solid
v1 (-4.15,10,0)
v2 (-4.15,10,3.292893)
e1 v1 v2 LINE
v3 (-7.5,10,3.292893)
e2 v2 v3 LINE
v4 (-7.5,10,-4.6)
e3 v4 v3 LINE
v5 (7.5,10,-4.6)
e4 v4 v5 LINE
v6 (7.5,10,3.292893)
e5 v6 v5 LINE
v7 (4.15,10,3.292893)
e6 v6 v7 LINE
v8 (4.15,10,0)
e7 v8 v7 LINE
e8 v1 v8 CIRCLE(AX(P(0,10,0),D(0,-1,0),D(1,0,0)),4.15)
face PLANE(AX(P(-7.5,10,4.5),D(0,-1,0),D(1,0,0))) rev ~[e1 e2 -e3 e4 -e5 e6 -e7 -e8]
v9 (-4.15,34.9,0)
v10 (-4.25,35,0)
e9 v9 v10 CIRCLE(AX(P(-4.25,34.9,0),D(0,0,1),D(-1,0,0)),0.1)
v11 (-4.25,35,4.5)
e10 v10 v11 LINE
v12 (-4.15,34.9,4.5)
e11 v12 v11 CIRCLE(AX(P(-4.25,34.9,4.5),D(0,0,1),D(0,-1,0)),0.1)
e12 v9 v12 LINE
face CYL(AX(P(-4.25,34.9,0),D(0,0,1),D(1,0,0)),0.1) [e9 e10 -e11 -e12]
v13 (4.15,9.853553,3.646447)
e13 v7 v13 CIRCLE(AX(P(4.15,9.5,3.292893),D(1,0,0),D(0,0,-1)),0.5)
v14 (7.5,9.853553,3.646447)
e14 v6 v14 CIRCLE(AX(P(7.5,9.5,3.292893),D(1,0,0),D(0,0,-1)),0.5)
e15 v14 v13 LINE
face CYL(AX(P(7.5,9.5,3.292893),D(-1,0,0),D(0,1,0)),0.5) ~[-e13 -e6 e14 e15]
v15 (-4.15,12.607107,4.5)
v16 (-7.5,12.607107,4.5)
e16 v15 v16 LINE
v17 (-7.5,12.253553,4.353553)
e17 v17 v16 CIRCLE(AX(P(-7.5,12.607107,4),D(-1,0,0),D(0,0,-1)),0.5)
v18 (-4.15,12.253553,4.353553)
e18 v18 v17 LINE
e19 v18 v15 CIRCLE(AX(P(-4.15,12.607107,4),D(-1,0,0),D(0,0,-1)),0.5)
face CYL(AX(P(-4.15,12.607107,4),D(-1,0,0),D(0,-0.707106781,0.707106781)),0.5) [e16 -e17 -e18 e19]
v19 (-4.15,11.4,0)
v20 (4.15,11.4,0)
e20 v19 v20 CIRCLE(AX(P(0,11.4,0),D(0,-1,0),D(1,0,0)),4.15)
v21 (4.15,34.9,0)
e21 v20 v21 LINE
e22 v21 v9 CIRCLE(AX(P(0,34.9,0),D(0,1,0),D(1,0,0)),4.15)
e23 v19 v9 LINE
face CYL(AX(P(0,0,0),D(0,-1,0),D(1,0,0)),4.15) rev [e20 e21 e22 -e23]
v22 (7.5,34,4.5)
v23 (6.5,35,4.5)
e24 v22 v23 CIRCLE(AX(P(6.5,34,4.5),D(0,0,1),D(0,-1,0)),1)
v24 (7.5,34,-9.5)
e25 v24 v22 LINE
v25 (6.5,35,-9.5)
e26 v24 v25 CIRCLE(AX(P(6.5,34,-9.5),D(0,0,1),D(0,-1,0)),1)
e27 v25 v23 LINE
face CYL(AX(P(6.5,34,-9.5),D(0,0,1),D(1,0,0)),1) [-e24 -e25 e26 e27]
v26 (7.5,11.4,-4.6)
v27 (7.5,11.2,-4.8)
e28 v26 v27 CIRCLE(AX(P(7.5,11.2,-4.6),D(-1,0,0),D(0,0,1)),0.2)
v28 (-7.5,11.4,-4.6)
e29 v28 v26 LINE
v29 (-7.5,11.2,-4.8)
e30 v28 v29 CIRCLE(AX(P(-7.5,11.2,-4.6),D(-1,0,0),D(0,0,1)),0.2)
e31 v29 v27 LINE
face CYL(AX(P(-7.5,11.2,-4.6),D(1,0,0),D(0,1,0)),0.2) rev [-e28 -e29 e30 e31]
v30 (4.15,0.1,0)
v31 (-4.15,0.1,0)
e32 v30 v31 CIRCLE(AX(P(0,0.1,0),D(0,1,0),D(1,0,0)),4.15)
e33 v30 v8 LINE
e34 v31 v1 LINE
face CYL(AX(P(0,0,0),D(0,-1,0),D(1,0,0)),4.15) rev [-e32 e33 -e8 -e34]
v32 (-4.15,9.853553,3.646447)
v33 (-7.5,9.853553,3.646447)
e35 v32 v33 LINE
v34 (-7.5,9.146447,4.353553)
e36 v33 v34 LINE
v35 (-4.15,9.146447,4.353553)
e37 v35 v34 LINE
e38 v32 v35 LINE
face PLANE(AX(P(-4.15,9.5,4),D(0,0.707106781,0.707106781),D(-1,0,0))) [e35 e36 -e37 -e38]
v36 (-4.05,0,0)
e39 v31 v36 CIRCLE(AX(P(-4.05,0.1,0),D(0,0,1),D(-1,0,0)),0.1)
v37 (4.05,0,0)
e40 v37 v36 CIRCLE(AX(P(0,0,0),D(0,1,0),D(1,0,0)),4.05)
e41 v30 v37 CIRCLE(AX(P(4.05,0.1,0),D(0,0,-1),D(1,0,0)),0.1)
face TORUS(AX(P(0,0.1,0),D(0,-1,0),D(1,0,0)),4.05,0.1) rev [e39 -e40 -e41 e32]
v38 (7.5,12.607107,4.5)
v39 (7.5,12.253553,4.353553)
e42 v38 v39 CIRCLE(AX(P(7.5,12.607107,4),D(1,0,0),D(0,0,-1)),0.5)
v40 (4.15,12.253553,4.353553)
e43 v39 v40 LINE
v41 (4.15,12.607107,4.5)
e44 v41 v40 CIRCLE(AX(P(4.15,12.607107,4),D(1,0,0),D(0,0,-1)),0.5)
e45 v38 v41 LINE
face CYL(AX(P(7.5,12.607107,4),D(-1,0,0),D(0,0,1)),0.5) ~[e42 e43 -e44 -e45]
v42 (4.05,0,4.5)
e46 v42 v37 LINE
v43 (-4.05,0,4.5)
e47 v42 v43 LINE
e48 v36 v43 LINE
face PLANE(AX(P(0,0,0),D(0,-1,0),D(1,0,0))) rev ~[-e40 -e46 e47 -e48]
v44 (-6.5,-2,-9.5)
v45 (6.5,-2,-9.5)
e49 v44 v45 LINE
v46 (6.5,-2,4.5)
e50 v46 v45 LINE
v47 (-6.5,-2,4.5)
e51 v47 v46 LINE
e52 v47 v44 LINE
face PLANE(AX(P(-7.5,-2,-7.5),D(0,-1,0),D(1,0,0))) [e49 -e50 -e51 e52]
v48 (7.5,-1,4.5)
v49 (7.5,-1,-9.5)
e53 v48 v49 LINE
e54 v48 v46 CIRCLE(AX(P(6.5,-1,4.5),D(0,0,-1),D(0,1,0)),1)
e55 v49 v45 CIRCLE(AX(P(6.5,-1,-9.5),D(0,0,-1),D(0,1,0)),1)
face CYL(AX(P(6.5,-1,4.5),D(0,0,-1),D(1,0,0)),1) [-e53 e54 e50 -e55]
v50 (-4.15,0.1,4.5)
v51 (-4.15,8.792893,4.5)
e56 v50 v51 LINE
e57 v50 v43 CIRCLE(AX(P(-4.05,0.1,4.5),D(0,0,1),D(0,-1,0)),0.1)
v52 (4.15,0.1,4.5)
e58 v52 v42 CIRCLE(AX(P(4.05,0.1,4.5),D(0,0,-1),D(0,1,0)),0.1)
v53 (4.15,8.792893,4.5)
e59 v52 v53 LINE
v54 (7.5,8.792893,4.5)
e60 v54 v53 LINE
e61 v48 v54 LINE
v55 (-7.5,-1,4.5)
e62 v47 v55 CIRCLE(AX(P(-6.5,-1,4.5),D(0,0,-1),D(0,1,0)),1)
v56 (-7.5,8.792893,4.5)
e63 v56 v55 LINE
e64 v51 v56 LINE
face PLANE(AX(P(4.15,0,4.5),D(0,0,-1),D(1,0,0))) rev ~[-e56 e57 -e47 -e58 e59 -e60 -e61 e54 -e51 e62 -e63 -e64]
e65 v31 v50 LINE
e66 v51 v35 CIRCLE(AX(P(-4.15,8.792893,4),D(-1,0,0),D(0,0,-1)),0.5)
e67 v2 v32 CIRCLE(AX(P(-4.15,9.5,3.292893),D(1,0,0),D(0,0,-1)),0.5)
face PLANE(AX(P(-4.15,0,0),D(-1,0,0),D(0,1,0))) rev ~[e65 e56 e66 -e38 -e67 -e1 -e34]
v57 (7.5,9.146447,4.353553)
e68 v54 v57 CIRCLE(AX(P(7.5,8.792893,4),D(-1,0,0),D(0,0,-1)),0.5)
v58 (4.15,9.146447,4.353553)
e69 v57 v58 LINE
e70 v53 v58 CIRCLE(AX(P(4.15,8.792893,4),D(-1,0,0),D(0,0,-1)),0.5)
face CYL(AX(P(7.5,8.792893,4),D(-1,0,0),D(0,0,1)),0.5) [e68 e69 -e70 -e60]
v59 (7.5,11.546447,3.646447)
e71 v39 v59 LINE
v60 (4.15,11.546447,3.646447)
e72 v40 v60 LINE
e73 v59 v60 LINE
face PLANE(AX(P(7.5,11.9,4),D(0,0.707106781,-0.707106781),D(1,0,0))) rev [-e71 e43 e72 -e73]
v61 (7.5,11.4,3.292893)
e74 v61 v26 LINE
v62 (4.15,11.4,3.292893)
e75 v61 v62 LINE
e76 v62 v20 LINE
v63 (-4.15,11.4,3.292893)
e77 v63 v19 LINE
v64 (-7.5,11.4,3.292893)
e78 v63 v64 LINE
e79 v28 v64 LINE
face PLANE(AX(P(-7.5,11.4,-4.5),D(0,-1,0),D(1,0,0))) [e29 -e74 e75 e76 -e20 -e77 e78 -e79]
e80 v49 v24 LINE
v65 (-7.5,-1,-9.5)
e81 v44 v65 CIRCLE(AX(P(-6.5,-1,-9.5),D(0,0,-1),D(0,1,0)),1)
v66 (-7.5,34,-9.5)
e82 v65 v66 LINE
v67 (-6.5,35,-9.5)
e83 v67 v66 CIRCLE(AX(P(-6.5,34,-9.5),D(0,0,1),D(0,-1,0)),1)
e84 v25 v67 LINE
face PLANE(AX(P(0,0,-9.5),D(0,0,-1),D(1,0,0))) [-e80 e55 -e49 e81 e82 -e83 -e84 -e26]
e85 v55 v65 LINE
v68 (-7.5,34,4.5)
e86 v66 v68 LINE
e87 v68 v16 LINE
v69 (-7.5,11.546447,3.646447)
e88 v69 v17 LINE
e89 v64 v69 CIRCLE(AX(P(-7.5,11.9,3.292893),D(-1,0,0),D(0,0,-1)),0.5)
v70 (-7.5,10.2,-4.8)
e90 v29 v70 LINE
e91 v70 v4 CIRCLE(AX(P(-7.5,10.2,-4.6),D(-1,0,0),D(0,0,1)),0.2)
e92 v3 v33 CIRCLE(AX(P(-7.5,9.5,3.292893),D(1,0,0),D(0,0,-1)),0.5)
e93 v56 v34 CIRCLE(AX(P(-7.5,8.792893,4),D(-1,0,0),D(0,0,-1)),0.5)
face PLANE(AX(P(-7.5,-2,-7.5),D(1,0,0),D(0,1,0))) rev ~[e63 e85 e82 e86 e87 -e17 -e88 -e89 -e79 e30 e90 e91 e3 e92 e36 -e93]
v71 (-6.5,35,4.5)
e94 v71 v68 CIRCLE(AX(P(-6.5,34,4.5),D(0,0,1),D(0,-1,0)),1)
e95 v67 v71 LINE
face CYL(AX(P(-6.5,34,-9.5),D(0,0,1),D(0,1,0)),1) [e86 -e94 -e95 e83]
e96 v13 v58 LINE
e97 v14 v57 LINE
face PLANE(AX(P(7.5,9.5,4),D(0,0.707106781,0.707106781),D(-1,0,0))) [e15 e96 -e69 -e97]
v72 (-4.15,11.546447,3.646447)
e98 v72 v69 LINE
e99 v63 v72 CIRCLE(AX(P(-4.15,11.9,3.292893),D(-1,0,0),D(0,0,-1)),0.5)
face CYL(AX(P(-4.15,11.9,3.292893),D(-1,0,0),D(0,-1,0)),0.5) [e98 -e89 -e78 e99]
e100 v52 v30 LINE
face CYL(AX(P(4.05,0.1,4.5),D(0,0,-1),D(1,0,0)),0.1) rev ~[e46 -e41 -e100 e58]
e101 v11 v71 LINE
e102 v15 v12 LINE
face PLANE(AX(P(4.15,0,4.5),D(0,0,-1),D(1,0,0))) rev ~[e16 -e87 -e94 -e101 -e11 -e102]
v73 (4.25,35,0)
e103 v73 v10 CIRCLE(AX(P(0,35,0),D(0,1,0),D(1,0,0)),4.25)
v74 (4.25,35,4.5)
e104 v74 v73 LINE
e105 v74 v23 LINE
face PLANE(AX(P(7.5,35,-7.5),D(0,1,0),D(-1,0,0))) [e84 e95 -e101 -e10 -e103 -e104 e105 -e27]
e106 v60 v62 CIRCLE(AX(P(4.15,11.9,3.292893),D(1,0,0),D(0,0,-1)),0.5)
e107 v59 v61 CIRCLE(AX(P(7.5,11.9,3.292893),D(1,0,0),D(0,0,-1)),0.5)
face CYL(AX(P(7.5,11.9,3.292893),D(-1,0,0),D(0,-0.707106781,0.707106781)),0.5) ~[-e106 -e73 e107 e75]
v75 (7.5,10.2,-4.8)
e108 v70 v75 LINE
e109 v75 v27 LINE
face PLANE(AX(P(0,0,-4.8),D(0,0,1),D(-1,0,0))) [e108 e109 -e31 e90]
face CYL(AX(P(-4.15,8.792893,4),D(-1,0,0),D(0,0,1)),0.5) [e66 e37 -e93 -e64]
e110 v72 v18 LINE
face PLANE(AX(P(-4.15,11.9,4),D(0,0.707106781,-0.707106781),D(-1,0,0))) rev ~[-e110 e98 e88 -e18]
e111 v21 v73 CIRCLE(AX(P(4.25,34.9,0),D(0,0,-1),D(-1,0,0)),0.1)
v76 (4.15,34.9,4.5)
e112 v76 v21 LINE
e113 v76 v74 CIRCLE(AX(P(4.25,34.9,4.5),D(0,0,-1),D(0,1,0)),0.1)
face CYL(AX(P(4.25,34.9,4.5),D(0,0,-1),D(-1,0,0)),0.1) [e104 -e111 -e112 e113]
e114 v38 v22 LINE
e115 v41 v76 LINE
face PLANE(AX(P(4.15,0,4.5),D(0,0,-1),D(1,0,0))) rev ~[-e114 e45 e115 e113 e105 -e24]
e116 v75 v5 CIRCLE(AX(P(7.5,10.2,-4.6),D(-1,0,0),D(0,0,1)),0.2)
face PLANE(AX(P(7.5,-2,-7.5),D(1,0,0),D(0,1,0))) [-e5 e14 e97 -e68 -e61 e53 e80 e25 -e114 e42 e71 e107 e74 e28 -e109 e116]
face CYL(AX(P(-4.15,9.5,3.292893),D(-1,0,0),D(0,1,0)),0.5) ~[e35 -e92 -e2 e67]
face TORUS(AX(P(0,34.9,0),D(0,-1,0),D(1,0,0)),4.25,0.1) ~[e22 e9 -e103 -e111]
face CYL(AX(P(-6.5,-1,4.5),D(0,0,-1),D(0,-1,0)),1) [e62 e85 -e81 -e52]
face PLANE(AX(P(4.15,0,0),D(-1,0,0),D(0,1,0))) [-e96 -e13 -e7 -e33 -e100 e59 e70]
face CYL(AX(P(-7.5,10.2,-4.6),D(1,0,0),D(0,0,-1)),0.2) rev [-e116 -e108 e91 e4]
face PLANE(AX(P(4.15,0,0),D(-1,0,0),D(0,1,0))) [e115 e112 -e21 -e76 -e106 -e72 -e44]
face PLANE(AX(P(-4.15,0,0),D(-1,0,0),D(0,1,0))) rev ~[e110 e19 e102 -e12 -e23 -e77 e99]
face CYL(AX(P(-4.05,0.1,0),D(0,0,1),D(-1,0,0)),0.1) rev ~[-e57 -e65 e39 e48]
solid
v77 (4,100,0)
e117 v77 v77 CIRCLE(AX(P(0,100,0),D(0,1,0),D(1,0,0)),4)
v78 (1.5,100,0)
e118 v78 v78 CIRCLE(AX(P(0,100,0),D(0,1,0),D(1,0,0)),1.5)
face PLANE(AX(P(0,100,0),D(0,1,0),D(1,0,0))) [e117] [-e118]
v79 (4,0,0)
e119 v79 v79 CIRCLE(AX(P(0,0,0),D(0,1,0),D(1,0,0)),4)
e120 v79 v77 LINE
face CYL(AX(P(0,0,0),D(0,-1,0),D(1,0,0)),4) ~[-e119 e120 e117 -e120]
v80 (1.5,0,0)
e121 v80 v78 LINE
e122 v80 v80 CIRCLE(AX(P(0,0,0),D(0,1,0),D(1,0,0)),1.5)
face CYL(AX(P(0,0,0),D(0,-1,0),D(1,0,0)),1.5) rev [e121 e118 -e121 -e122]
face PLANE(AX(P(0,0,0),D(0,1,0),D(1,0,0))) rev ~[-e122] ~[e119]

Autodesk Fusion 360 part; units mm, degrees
sketch "Sketch1" plane through (0, 0, 0) normal (0, 1, 0) x (1, 0, 0)
  circle A0 centre (0, 0) radius 4
  circle A1 centre (0, 0) radius 1.5
  dimension "d1" = 8
  dimension "d2" = 3
extrude "Extrude1" add sketch "Sketch1" along normal blind 100 makes body 1
sketch "Sketch2" plane through (0, 0, 0) normal (0, 1, 0) x (1, 0, 0)
  circle A0 centre (0, 0) radius 4.15
  line L0 (0, 0) -> (7.5, 0)
  line L1 (7.5, 0) -> (7.5, -7.5)
  line L2 (7.5, -7.5) -> (0, -7.5)
  line L3 (0, -7.5) -> (0, 0)
  line L4 (0, 0) -> (-7.5, 0)
  line L5 (-7.5, 0) -> (-7.5, 7.5)
  line L6 (-7.5, 7.5) -> (0, 7.5)
  line L7 (0, 7.5) -> (0, 0)
  line L8 (-7.5, 7.5) -> (7.5, 7.5)
  line L9 (7.5, 7.5) -> (7.5, -7.5)
  line L10 (7.5, -7.5) -> (-7.5, -7.5)
  line L11 (-7.5, -7.5) -> (-7.5, 7.5)
  dimension "d5" = 8.3
  dimension "d6" = 7.5
  dimension "d7" = 7.5
  dimension "d8" = 7.5
extrude "Extrude2" add sketch "Sketch2" along normal blind 35 separate body contours A0 L0 L7 L8 L9 | A0 L4 L5 L6 L7 L8 L11 makes body 2
extrude "Extrude3" add 2 faces at (5.2667, 11.6667, 0) (-5.2667, 23.3333, 0) along direction (0, 0, 1) blind 4.5 on bodies 2 bodies 2
sketch "Sketch3" plane through (0, 0, 0) normal (0, -1, 0) x (1, 0, 0)
  arc A0 (-4.15, 0) -> (4.15, 0) centre (0, 0) ccw
  line L0 (-4.15, 0) -> (-4.15, 4.5)
  line L1 (-4.15, 4.5) -> (-7.5, 4.5)
  line L2 (-7.5, 4.5) -> (-7.5, -7.5)
  line L3 (-7.5, -7.5) -> (7.5, -7.5)
  line L4 (7.5, -7.5) -> (7.5, 4.5)
  line L5 (7.5, 4.5) -> (4.15, 4.5)
  line L6 (4.15, 4.5) -> (4.15, 0)
  line L7 (7.5, -7.5) -> (-7.5, -7.5)
  line L8 (-7.5, -7.5) -> (-7.5, 4.5)
  line L9 (-7.5, 4.5) -> (7.5, 4.5)
  line L10 (7.5, 4.5) -> (7.5, -7.5)
extrude "Extrude4" add sketch "Sketch3" along normal blind 2 bodies 2
sketch "Sketch4" plane through (0, 0, 4.5) normal (0, 0, 1) x (-1, 0, 0)
  line L0 (4.15, 0) -> (4.15, -35)
  line L1 (4.15, -35) -> (7.5, -35)
  line L2 (7.5, -35) -> (7.5, 2)
  line L3 (7.5, 2) -> (-7.5, 2)
  line L4 (-7.5, 2) -> (-7.5, -35)
  line L5 (-7.5, -35) -> (-4.15, -35)
  line L6 (-4.15, -35) -> (-4.15, 0)
  line L7 (-4.15, 0) -> (4.15, 0)
  line L8 (4.15, 0) -> (4.15, -10)
  line L9 (7.5, -10) -> (-7.5, -10)
  line L10 (-7.5, -10) -> (-7.5, -11.4)
  line L11 (-7.5, -11.4) -> (7.5, -11.4)
  line L12 (7.5, -11.4) -> (7.5, -10)
  dimension "d15" = 10
  dimension "d16" = 15
  dimension "d17" = 1.4
extrude "Extrude5" cut sketch "Sketch4" against normal blind 9 contours L0 L2 L9 L11 L12 | L0 L6 L9 L11 | L4 L6 L9 L10 L11 bodies 2
extrude "Extrude6" cut 1 faces at (-2.5, 10.9333, -4.5) along direction (0, 0, -1) blind 0.3 on bodies 2 bodies 2
extrude "Extrude7" add 1 faces at (-2.5, 10.3333, -7.5) along direction (0, 0, -1) blind 2 on bodies 2 bodies 2
chamfer "Chamfer1" distance 1 angle 45 4 edges at (-5.825, 11.4, 4.5) (-5.825, 10, 4.5) (5.825, 11.4, 4.5) (5.825, 10, 4.5) on bodies 2
fillet "Fillet1" radius 1 4 edges at (7.5, -2, -2.5) (-7.5, -2, -2.5) (7.5, 35, -2.5) (-7.5, 35, -2.5) on bodies 2
fillet "Fillet2" radius 0.5 8 edges at (5.825, 9, 4.5) (5.825, 10, 3.5) (5.825, 11.4, 3.5) (5.825, 12.4, 4.5) (-5.825, 12.4, 4.5) (-5.825, 11.4, 3.5) (-5.825, 10, 3.5) (-5.825, 9, 4.5) on bodies 2
fillet "Fillet3" radius 0.2 2 edges at (0, 11.4, -4.8) (0, 10, -4.8) on bodies 2
fillet "Fillet4" radius 0.1 3 edges at (-4.15, 0, 2.25) (0, 0, -4.15) (4.15, 0, 2.25) on bodies 2
fillet "Fillet5" radius 0.1 3 edges at (-4.15, 35, 2.25) (0, 35, -4.15) (4.15, 35, 2.25) on bodies 2
